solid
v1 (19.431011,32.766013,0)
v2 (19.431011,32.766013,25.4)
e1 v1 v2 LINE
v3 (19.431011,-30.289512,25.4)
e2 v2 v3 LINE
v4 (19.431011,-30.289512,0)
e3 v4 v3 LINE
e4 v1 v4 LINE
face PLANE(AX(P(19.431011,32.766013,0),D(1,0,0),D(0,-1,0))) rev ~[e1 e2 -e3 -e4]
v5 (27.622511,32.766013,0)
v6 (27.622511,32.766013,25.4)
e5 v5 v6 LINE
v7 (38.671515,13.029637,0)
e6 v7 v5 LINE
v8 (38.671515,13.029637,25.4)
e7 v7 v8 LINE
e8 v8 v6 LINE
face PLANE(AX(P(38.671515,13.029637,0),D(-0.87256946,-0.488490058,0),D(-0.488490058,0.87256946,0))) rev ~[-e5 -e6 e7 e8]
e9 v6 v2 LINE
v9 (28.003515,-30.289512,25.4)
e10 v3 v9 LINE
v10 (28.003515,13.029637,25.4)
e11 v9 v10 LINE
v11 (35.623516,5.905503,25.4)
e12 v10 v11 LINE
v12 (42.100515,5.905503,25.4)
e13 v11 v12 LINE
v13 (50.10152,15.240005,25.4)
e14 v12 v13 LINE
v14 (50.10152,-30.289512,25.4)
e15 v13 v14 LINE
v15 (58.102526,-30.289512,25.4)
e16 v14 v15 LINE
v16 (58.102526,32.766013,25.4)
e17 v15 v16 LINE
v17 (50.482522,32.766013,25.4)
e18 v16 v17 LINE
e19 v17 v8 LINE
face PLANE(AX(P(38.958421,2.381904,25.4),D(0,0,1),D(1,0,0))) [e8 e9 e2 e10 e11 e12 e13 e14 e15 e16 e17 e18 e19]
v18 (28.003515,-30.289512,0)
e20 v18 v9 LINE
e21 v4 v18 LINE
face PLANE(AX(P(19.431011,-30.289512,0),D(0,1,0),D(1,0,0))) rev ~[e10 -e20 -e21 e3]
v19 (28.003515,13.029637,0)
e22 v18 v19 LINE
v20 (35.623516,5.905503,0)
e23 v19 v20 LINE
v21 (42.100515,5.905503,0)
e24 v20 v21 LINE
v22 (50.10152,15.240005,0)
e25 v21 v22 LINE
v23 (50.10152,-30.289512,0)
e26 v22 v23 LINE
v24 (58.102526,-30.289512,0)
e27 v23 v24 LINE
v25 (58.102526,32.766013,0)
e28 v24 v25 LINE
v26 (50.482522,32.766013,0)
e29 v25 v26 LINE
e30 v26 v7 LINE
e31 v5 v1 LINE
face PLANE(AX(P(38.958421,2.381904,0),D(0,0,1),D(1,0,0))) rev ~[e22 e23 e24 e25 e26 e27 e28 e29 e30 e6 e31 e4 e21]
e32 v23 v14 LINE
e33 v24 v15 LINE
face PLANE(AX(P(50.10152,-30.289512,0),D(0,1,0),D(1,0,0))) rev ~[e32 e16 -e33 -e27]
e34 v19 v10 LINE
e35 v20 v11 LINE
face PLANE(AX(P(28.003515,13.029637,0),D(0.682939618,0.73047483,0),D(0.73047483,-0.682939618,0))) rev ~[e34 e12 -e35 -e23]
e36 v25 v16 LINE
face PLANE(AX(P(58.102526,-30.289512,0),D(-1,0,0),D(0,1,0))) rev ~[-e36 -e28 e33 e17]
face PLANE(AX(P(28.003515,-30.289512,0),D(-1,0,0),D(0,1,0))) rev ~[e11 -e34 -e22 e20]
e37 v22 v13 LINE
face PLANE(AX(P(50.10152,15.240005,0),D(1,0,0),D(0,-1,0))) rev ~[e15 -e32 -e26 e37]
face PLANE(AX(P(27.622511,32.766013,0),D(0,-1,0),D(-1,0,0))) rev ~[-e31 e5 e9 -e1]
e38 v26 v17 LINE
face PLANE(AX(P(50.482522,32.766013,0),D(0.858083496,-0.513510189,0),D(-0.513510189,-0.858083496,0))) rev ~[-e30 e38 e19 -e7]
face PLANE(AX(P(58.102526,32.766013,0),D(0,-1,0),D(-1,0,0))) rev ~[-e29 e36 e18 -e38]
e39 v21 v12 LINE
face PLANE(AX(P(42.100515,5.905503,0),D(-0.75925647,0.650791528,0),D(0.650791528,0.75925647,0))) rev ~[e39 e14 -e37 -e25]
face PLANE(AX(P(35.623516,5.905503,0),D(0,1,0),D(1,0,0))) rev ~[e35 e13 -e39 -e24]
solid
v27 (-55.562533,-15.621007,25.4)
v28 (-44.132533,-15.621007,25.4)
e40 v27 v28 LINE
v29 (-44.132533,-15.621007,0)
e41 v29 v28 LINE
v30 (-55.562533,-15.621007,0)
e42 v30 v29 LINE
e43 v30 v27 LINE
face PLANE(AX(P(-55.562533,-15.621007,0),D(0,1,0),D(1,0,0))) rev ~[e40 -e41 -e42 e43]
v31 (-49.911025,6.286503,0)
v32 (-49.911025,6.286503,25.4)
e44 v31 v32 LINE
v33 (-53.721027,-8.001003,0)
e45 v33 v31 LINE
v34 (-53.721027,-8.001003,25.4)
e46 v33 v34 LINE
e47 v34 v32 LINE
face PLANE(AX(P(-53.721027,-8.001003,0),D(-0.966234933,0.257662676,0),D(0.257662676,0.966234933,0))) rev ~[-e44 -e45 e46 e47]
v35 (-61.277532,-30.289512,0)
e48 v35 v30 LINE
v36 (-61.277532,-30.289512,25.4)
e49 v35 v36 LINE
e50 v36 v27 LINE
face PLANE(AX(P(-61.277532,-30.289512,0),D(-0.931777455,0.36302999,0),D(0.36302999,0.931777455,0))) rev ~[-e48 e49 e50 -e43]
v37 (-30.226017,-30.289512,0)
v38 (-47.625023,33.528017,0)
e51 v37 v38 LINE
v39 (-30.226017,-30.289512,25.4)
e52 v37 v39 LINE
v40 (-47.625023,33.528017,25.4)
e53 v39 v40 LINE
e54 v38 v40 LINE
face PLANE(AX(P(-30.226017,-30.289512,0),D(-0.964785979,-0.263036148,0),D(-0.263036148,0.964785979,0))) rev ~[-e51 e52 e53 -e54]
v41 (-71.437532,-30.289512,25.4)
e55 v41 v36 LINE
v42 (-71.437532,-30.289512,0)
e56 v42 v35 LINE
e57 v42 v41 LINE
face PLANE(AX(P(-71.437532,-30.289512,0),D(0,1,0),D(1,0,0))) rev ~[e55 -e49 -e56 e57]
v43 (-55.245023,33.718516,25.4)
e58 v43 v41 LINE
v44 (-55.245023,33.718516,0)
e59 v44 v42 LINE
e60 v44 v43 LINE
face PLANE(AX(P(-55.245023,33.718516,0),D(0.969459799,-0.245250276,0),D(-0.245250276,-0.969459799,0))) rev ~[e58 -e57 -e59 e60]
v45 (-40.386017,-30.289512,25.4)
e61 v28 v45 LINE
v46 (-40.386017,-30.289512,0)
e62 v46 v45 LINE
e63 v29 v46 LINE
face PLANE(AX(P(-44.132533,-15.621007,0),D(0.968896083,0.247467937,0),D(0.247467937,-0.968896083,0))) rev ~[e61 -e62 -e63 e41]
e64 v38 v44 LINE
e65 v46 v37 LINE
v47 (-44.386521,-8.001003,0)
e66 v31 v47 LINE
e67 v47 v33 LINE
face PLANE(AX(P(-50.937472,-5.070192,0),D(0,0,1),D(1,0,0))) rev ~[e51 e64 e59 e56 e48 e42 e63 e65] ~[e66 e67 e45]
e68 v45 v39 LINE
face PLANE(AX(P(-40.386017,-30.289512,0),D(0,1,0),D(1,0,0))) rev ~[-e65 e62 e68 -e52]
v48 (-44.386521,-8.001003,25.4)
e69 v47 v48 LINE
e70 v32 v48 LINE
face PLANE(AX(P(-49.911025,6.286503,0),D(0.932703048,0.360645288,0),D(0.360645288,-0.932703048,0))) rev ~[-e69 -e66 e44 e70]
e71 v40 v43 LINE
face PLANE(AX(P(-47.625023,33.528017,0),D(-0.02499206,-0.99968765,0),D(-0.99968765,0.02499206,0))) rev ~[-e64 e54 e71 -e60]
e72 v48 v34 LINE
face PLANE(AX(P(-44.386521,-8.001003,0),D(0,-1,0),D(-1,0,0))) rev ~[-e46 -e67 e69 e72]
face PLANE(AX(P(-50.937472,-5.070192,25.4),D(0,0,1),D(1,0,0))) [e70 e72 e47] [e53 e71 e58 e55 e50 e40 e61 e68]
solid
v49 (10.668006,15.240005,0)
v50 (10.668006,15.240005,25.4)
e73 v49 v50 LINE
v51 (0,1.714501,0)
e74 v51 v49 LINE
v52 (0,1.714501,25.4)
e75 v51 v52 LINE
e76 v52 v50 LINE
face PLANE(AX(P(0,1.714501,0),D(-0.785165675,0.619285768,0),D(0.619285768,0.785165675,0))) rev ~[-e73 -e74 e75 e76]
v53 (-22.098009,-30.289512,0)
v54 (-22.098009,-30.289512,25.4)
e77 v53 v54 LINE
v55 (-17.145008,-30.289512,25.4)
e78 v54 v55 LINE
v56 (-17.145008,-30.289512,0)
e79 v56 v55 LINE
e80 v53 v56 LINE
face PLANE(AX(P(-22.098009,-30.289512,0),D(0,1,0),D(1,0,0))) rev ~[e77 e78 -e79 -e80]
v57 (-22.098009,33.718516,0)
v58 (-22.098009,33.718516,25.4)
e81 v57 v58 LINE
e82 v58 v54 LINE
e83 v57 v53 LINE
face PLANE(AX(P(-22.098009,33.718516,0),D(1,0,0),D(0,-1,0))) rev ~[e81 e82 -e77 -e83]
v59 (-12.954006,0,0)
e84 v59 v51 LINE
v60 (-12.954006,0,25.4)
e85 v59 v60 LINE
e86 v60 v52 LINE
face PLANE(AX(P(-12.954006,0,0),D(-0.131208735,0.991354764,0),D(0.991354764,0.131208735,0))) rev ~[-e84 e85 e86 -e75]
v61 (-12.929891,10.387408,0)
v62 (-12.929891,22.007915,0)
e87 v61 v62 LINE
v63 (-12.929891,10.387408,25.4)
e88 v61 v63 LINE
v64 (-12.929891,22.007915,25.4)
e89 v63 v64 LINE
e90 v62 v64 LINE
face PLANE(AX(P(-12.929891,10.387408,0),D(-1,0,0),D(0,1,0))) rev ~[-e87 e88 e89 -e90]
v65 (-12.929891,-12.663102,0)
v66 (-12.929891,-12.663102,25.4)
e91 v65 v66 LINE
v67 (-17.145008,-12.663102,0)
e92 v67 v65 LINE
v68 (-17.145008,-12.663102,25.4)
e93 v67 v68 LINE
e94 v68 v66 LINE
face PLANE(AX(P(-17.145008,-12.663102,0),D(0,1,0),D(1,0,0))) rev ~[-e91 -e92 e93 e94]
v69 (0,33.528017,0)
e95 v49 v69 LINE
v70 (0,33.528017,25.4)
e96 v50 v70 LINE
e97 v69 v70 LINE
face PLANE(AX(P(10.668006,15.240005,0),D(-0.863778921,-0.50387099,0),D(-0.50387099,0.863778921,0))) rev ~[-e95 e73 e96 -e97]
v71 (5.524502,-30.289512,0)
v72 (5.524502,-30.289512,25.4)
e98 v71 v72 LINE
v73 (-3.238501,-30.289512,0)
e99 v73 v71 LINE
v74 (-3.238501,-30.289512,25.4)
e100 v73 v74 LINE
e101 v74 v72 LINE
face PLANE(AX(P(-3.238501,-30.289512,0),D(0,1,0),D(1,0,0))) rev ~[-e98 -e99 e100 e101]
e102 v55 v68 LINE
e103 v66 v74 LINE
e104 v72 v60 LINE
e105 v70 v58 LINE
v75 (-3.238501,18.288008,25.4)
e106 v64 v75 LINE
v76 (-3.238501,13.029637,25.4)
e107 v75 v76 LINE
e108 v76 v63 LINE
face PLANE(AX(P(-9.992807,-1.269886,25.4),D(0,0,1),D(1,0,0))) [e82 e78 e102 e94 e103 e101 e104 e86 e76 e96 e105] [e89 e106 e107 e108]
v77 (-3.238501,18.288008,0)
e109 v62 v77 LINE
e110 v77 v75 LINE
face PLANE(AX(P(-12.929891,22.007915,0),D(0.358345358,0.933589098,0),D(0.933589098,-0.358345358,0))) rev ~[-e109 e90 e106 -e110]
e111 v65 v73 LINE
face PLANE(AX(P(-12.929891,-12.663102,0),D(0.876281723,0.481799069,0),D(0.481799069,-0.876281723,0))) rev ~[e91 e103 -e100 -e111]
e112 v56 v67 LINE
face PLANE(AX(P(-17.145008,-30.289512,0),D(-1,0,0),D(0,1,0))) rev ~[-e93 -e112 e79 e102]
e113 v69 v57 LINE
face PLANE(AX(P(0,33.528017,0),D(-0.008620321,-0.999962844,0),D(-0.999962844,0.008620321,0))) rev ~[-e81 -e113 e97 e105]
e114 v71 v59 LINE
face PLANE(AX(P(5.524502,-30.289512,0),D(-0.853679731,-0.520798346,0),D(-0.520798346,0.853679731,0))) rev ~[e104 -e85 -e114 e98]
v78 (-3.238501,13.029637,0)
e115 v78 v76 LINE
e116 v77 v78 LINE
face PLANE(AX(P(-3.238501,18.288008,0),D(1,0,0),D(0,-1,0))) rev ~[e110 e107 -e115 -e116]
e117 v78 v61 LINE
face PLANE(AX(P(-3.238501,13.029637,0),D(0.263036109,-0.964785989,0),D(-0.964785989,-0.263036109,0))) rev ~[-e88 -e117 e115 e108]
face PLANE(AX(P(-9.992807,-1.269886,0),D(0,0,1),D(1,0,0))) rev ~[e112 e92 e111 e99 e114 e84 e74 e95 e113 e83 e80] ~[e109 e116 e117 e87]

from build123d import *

# Parameters (mm, degrees)
F1_DEPTH = 25.4


with BuildPart() as f1:
    # F0 (on Top) → F1 (new body)
    with BuildSketch(Plane.XY):
        Polygon((-47.625023, 33.528017), (-55.245023, 33.718516), (-71.437532, -30.289512), (-61.277532, -30.289512), (-55.562533, -15.621007), (-44.132533, -15.621007), (-40.386017, -30.289512), (-30.226017, -30.289512), align=None)
        Polygon((-44.386521, -8.001003), (-53.721027, -8.001003), (-49.911025, 6.286503), align=None, mode=Mode.SUBTRACT)
        Polygon((-22.098009, 33.718516), (-22.098009, -30.289512), (-17.145008, -30.289512), (-17.145008, -12.663102), (-12.929891, -12.663102), (-3.238501, -30.289512), (5.524502, -30.289512), (-12.954006, 0), (0, 1.714501), (10.668006, 15.240005), (0, 33.528017), align=None)
        Polygon((-12.929891, 10.387408), (-12.929891, 22.007915), (-3.238501, 18.288008), (-3.238501, 13.029637), align=None, mode=Mode.SUBTRACT)
        Polygon((19.431011, 32.766013), (19.431011, -30.289512), (28.003515, -30.289512), (28.003515, 13.029637), (35.623516, 5.905503), (42.100515, 5.905503), (50.10152, 15.240005), (50.10152, -30.289512), (58.102526, -30.289512), (58.102526, 32.766013), (50.482522, 32.766013), (38.671515, 13.029637), (27.622511, 32.766013), align=None)
    extrude(amount=F1_DEPTH)


solid = f1.part
